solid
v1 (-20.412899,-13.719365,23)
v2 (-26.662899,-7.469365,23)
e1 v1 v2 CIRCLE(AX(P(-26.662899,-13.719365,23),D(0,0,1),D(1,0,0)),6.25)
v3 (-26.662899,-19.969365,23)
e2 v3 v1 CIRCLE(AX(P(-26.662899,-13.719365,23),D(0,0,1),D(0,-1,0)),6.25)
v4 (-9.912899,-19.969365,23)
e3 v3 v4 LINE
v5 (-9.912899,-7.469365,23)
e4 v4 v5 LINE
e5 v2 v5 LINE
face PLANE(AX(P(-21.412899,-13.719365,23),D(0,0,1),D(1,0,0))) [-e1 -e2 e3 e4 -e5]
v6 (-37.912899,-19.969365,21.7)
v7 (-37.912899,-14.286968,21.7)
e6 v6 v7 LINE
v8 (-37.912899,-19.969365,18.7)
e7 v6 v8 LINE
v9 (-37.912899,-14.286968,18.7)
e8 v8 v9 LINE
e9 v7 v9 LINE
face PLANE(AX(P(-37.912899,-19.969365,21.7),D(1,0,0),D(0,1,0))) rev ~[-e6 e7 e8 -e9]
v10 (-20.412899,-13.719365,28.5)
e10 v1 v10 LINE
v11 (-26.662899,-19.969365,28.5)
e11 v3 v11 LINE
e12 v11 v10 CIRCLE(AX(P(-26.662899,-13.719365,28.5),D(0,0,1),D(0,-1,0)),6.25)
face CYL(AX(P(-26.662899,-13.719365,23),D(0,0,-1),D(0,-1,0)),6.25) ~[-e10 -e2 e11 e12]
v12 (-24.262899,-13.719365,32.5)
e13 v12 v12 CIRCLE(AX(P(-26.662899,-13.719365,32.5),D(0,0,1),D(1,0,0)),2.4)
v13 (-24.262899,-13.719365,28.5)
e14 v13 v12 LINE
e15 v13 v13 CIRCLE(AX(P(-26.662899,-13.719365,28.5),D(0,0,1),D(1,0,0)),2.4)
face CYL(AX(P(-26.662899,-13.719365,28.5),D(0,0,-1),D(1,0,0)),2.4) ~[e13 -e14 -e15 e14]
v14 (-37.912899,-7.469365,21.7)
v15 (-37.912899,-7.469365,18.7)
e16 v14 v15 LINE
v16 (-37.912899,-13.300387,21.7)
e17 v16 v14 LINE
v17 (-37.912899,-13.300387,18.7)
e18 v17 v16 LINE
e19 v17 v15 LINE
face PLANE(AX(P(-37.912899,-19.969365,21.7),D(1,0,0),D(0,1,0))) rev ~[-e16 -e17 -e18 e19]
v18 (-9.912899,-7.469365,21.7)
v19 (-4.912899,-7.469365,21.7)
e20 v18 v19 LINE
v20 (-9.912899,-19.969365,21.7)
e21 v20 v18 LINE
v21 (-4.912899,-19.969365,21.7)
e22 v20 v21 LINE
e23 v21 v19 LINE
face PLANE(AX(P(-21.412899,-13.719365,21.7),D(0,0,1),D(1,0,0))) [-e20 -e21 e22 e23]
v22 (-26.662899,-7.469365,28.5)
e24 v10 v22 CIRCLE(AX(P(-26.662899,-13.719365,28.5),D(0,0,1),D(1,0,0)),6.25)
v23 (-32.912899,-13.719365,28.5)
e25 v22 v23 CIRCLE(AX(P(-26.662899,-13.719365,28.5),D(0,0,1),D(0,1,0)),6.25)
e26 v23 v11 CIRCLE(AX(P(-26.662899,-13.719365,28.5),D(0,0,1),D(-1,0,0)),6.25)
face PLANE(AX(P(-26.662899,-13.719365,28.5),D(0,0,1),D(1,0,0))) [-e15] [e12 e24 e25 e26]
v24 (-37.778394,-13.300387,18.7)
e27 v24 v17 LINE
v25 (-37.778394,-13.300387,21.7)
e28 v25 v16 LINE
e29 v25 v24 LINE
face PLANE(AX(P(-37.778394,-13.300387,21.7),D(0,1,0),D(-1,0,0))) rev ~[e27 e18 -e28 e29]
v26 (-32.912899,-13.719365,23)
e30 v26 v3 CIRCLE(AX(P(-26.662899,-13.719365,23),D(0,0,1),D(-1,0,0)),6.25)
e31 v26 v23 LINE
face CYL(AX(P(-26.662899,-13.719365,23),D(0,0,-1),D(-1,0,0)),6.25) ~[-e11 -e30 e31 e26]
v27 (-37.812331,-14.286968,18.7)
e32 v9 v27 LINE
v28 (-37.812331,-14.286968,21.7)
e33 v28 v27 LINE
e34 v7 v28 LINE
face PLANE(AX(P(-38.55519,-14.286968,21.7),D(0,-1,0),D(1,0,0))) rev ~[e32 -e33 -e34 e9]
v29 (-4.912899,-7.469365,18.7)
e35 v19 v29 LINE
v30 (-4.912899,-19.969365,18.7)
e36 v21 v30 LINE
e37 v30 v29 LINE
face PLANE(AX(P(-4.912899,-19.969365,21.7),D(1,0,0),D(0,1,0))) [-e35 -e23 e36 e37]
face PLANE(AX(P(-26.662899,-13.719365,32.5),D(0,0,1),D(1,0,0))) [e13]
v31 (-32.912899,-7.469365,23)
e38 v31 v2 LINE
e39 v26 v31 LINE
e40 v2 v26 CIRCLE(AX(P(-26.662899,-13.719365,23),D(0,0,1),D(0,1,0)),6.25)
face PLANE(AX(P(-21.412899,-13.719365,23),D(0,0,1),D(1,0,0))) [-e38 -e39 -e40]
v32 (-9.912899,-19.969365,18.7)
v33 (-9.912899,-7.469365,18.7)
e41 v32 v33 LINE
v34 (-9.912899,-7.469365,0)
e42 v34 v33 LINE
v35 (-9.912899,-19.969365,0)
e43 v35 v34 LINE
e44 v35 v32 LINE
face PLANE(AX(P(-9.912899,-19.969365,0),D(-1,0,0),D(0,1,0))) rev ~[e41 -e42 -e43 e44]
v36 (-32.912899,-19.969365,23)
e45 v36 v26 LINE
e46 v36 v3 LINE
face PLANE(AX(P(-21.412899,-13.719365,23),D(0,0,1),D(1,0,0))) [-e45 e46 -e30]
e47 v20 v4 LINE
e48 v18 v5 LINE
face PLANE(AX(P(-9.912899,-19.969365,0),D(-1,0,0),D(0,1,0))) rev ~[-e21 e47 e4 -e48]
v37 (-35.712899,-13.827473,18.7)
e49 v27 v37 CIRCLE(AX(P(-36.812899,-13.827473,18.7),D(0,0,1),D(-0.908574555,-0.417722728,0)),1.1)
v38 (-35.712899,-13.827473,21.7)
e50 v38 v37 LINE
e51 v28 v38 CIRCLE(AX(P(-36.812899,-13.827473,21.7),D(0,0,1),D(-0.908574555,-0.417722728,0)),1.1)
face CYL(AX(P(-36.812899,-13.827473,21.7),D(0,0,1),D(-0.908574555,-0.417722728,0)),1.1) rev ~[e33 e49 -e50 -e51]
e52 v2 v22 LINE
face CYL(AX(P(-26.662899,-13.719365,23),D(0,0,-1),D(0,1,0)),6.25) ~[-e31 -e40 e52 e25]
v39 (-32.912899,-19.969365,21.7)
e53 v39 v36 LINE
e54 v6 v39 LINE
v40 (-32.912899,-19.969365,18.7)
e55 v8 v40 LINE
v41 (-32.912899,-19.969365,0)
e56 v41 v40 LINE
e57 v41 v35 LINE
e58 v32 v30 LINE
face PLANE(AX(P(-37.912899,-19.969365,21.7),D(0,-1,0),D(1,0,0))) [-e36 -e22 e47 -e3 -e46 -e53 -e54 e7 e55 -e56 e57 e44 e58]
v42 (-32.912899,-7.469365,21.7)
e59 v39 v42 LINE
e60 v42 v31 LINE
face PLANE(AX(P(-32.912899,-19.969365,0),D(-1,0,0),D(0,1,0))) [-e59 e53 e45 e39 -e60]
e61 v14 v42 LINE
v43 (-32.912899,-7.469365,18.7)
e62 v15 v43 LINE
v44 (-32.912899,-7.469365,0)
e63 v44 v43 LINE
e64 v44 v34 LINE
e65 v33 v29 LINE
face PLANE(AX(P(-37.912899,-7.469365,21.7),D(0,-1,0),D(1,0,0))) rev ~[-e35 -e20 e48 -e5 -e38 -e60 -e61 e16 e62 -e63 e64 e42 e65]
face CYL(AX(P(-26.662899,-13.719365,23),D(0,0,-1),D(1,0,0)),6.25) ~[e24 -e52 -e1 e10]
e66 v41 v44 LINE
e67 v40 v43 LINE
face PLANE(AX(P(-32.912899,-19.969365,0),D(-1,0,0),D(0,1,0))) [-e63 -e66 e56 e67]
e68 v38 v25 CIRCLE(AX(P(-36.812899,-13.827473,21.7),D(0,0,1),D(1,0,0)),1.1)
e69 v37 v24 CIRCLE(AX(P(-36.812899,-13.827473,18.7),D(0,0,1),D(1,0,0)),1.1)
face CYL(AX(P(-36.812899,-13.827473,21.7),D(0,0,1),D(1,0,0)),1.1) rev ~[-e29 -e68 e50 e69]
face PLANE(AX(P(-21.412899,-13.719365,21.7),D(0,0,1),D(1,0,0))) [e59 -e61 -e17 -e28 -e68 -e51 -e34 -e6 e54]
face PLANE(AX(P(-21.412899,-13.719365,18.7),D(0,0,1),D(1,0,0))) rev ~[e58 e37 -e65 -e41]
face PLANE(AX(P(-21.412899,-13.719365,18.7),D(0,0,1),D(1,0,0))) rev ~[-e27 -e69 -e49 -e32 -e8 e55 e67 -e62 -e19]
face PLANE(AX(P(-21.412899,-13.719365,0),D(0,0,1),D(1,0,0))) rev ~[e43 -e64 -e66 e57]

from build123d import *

# Parameters (mm, degrees)
F0_W      = 23
F0_H      = 12.5
F1_DEPTH  = 23
F3_W      = 33
F3_H      = 12.5
F4_DEPTH  = 3
F6_DEPTH  = 5.5
F7_R      = 2.4
F8_DEPTH  = 4
F10_DEPTH = 25


with BuildPart() as f1:
    # F0 (on Top) → F1 (new body)
    with BuildSketch(Plane.XY):
        with Locations((-21.4128988087, -13.7193646282)):
            Rectangle(F0_W, F0_H)
    extrude(amount=F1_DEPTH)

    # F3 (on offset) → F4 (join)
    with BuildSketch(Plane.XY.offset(21.7)):
        with Locations((-21.4128988087, -13.7193646282)):
            Rectangle(F3_W, F3_H)
    extrude(amount=-F4_DEPTH)

    # F5 (on face) → F6 (join)
    with BuildSketch(Plane.XY.offset(23)):
        with BuildLine():
            ThreePointArc((-26.6628988087, -19.9693646282), (-22.2434814263, -18.1387820106), (-20.4128988087, -13.7193646282))
            ThreePointArc((-20.4128988087, -13.7193646282), (-22.2434814263, -9.2999472458), (-26.6628988087, -7.4693646282))
            ThreePointArc((-26.6628988087, -7.4693646282), (-31.0823161911, -9.2999472458), (-32.9128988087, -13.7193646282))
            ThreePointArc((-32.9128988087, -13.7193646282), (-31.0823161911, -18.1387820106), (-26.6628988087, -19.9693646282))
        make_face()
    extrude(amount=F6_DEPTH)

    # F7 (on face) → F8 (join)
    with BuildSketch(Plane.XY.offset(28.5)):
        with Locations((-26.6628988087, -13.7193646282)):
            Circle(F7_R)
    extrude(amount=F8_DEPTH)

    # F9 (on face) → F10 (cut)
    with BuildSketch(Plane.XY.offset(21.7)):
        with BuildLine():
            ThreePointArc((-37.8123308197, -14.2869679257), (-36.5777129376, -14.9020368395), (-35.7128988087, -13.8274729252))
            ThreePointArc((-35.7128988087, -13.8274729252), (-36.5409103144, -12.7616294756), (-37.778393825, -13.3003871888))
            Line((-37.778393825, -13.3003871888), (-37.1418111026, -13.3003871888))
            Line((-37.1418111026, -13.3003871888), (-37.1418111026, -13.7193646282))
            Line((-37.1418111026, -13.7193646282), (-37.1418111026, -14.2869679257))
            Line((-37.1418111026, -14.2869679257), (-37.8123308197, -14.2869679257))
        make_face()
        with BuildLine():
            Line((-37.1418111026, -13.3003871888), (-37.778393825, -13.3003871888))
            ThreePointArc((-37.778393825, -13.3003871888), (-37.8640697227, -13.5033746227), (-37.9075734618, -13.7193646282))
            Line((-37.9075734618, -13.7193646282), (-37.1418111026, -13.7193646282))
            Line((-37.1418111026, -13.7193646282), (-37.1418111026, -13.3003871888))
        make_face()
        with BuildLine():
            ThreePointArc((-37.9075734618, -13.7193646282), (-37.8640697227, -13.5033746227), (-37.778393825, -13.3003871888))
            Line((-37.778393825, -13.3003871888), (-38.5551899672, -13.3003871888))
            Line((-38.5551899672, -13.3003871888), (-38.5551899672, -13.7193646282))
            Line((-38.5551899672, -13.7193646282), (-37.9075734618, -13.7193646282))
        make_face()
        with BuildLine():
            Line((-38.5551899672, -14.2869679257), (-37.8123308197, -14.2869679257))
            ThreePointArc((-37.8123308197, -14.2869679257), (-37.8977324623, -14.0095057356), (-37.9075734618, -13.7193646282))
            Line((-37.9075734618, -13.7193646282), (-38.5551899672, -13.7193646282))
            Line((-38.5551899672, -13.7193646282), (-38.5551899672, -14.2869679257))
        make_face()
        with BuildLine():
            ThreePointArc((-37.9075734618, -13.7193646282), (-37.8977324623, -14.0095057356), (-37.8123308197, -14.2869679257))
            Line((-37.8123308197, -14.2869679257), (-37.1418111026, -14.2869679257))
            Line((-37.1418111026, -14.2869679257), (-37.1418111026, -13.7193646282))
            Line((-37.1418111026, -13.7193646282), (-37.9075734618, -13.7193646282))
        make_face()
    extrude(amount=-F10_DEPTH, mode=Mode.SUBTRACT)


solid = f1.part
